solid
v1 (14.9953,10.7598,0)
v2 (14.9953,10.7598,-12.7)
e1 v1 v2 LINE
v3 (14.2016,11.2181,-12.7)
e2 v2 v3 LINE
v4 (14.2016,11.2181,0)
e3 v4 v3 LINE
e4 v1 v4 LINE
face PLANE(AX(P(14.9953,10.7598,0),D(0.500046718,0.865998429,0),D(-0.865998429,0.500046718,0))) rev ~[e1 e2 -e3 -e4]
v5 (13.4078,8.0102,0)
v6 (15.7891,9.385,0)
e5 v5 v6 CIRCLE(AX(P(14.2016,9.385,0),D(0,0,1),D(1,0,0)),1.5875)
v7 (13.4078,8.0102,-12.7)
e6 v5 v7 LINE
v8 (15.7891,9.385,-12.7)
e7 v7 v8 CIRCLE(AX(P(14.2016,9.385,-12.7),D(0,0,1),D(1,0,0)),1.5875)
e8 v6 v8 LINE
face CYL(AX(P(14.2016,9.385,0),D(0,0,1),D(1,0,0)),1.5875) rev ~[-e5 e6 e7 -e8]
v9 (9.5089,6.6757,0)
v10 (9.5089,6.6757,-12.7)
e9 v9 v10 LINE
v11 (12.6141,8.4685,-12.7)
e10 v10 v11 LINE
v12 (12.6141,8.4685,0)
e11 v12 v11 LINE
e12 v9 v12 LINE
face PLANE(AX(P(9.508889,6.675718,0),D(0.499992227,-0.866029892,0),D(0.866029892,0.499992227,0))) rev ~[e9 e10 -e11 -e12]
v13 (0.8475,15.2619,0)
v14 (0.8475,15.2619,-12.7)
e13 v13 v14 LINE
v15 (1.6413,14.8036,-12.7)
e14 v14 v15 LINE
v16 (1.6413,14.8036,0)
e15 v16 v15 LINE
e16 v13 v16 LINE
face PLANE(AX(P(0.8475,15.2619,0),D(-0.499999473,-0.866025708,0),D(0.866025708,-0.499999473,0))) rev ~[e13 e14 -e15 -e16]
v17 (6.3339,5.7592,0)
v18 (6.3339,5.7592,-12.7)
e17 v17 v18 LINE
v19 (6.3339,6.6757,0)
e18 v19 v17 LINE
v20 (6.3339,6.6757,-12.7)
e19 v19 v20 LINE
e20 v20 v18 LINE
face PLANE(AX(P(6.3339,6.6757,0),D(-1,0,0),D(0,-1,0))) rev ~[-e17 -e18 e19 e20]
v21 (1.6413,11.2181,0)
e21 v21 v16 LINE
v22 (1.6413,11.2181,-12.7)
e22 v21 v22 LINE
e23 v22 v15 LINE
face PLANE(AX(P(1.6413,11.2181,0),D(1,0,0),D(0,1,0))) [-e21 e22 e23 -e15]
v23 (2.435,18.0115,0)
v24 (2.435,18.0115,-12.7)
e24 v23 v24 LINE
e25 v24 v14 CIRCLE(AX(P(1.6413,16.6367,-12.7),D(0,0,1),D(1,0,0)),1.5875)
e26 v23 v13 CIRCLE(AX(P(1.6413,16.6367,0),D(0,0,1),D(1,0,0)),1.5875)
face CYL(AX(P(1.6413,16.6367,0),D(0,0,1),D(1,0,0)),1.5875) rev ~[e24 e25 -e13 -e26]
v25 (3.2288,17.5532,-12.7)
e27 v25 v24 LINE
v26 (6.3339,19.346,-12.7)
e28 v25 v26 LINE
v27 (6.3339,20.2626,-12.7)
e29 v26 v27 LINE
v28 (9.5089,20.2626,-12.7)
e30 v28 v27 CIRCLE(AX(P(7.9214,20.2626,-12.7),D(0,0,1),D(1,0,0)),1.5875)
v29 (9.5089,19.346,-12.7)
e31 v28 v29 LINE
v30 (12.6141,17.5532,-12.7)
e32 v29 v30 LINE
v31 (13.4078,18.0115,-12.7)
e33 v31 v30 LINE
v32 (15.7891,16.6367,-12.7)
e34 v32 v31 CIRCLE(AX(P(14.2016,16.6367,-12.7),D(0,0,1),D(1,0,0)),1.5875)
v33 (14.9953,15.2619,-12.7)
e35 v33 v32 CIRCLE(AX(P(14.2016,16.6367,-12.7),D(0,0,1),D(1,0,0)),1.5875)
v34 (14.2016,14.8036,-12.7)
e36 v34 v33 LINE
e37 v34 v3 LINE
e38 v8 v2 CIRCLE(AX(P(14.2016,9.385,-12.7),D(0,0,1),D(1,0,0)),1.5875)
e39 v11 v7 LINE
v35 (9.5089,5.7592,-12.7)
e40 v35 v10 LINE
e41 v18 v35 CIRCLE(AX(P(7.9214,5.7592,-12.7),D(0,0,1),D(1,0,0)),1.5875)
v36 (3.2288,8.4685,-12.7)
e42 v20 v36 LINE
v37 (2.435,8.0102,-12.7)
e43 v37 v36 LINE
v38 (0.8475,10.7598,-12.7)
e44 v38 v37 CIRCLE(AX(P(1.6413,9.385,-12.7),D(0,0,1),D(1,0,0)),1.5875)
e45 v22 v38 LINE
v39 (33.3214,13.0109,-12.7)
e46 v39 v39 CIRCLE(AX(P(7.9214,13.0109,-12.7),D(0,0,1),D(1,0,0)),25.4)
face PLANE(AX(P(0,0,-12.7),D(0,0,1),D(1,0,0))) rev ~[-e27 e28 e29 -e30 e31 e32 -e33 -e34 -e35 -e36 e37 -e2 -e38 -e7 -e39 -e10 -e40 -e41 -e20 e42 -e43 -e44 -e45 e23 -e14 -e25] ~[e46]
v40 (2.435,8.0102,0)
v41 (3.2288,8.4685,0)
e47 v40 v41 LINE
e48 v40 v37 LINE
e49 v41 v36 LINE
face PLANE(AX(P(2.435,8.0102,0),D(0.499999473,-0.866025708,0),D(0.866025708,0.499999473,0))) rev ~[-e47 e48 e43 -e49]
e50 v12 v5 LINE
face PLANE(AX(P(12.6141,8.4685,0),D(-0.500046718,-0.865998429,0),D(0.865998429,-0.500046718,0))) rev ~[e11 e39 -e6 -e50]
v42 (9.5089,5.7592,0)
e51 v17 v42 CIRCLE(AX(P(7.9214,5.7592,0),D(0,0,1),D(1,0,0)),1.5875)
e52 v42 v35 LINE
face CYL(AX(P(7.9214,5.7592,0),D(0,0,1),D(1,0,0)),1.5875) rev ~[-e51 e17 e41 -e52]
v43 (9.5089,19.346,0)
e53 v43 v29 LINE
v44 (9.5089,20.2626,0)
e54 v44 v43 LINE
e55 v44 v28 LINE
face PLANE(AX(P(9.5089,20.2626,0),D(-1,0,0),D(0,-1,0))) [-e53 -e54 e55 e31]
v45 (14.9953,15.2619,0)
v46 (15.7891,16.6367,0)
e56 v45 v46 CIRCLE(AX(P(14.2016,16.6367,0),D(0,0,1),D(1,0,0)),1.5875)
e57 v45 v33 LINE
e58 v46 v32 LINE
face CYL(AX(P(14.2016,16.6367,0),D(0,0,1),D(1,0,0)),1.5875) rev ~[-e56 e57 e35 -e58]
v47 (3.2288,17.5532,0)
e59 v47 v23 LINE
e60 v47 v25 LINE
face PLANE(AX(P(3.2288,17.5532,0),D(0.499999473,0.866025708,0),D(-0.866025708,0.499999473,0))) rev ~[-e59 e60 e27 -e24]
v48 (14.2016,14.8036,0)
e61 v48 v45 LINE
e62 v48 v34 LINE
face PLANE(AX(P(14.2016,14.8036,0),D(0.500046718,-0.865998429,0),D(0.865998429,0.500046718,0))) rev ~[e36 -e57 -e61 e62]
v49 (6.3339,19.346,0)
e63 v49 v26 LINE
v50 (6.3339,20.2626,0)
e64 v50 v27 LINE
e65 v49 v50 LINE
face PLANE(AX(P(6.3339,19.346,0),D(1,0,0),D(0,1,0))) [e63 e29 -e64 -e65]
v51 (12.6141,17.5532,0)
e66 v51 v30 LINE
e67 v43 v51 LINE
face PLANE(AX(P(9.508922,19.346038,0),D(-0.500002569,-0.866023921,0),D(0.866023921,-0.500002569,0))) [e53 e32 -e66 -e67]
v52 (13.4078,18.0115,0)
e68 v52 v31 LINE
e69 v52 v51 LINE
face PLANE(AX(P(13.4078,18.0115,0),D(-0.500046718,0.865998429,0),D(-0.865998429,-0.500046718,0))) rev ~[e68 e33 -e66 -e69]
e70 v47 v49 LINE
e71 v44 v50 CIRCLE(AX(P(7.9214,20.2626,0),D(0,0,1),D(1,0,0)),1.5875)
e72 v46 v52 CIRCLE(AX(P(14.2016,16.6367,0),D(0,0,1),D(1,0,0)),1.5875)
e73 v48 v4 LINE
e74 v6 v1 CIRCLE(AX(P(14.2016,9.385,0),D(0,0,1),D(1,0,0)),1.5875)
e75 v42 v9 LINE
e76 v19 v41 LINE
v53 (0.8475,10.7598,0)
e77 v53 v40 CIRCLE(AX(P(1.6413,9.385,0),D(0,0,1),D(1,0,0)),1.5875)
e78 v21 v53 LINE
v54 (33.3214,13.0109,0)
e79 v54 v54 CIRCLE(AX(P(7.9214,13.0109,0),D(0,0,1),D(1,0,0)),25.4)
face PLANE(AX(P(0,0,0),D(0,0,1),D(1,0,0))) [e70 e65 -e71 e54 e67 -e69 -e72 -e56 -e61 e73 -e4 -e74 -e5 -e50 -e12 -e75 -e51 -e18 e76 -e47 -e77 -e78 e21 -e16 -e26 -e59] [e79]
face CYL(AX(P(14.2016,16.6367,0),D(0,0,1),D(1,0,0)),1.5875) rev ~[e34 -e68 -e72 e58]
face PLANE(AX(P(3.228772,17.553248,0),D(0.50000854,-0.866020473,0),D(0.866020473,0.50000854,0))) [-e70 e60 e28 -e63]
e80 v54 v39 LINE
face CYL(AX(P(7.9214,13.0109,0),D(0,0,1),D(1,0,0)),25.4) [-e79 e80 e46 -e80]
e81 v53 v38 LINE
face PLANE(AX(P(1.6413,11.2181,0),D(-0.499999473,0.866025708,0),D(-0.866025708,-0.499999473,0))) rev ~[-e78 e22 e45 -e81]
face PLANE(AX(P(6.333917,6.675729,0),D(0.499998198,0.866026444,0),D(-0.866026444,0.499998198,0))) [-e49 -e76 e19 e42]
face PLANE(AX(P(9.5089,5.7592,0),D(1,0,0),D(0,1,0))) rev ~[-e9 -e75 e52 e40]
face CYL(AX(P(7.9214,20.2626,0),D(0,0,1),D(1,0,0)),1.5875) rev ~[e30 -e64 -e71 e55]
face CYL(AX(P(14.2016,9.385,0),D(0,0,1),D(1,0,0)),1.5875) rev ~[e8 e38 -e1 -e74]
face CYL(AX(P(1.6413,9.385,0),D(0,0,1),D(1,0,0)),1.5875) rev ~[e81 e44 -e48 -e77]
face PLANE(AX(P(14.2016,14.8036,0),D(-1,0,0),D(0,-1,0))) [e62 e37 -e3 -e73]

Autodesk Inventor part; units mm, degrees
ref_plane "YZ Plane" through (0, 0, 0) normal (1, 0, 0) x (0, 1, 0)
ref_plane "XZ Plane" through (0, 0, 0) normal (0, 1, 0) x (-1, 0, 0)
ref_plane "XY Plane" through (0, 0, 0) normal (0, 0, 1) x (1, 0, 0)
sketch "Sketch1" plane through (0, 0, 0) normal (0, 0, 1) x (1, 0, 0)
  line L0 (7.9214, 13.0109) -> (7.9214, 20.2626) construction
  line L1 (7.9214, 13.0109) -> (14.2016, 16.6367) construction
  circle A0 centre (7.9214, 13.0109) radius 6.35 construction
  line L2 (7.9214, 13.0109) -> (14.2016, 9.385) construction
  line L3 (7.9214, 13.0109) -> (7.9214, 5.7592) construction
  line L4 (7.9214, 13.0109) -> (1.6413, 9.385) construction
  line L5 (7.9214, 13.0109) -> (1.6413, 16.6367) construction
  line L6 (7.9214, 20.2626) -> (14.2016, 16.6367)
  line L7 (14.2016, 16.6367) -> (14.2016, 9.385)
  line L8 (7.9214, 5.7592) -> (14.2016, 9.385)
  line L9 (7.9214, 5.7592) -> (1.6413, 9.385)
  line L10 (1.6413, 9.385) -> (1.6413, 16.6367)
  line L11 (1.6413, 16.6367) -> (7.9214, 20.2626)
  circle A1 centre (7.9214, 13.0109) radius 25.4
  circle A2 centre (7.9214, 20.2626) radius 1.5875
  circle A3 centre (14.2016, 16.6367) radius 1.5875
  circle A4 centre (14.2016, 9.385) radius 1.5875
  circle A5 centre (7.9214, 5.7592) radius 1.5875
  circle A6 centre (1.6413, 9.385) radius 1.5875
  circle A7 centre (1.6413, 16.6367) radius 1.5875
  line L12 (6.3339, 20.2626) -> (9.5089, 20.2626)
  line L13 (9.5089, 20.2626) -> (9.5089, 19.346)
  line L14 (9.5089, 19.346) -> (6.3339, 19.346)
  line L15 (6.3339, 19.346) -> (6.3339, 20.2626)
  line L16 (12.6141, 8.4685) -> (13.4078, 8.0102)
  line L17 (13.4078, 8.0102) -> (14.9953, 10.7598)
  line L18 (14.9953, 10.7598) -> (14.2016, 11.2181)
  line L19 (14.2016, 11.2181) -> (12.6141, 8.4685)
  line L20 (6.3339, 6.6757) -> (6.3339, 5.7592)
  line L21 (6.3339, 5.7592) -> (9.5089, 5.7592)
  line L22 (9.5089, 5.7592) -> (9.5089, 6.6757)
  line L23 (9.5089, 6.6757) -> (6.3339, 6.6757)
  line L24 (1.6413, 11.2181) -> (0.8475, 10.7598)
  line L25 (0.8475, 10.7598) -> (2.435, 8.0102)
  line L26 (2.435, 8.0102) -> (3.2288, 8.4685)
  line L27 (3.2288, 8.4685) -> (1.6413, 11.2181)
  line L28 (3.2288, 17.5532) -> (2.435, 18.0115)
  line L29 (2.435, 18.0115) -> (0.8475, 15.2619)
  line L30 (0.8475, 15.2619) -> (1.6413, 14.8036)
  line L31 (1.6413, 14.8036) -> (3.2288, 17.5532)
  line L32 (14.2016, 14.8036) -> (14.9953, 15.2619)
  line L33 (14.9953, 15.2619) -> (13.4078, 18.0115)
  line L34 (13.4078, 18.0115) -> (12.6141, 17.5532)
  line L35 (12.6141, 17.5532) -> (14.2016, 14.8036)
  dimension "d9" = 3.175
  dimension "d11" = 3.175
  dimension "d0" = 7.2517
  dimension "d1" = 12.7
  dimension "d2" = 60
  dimension "d3" = 60
  dimension "d4" = 60
  dimension "d5" = 60
  dimension "d6" = 60
  dimension "d7" = 3.175
  dimension "d8" = 3.175
  dimension "d10" = 3.175
  dimension "d12" = 3.175
  dimension "d13" = 50.8
  dimension "d14" = 0.9165
  dimension "d16" = 0.9165
  dimension "d17" = 0.9165
  dimension "d18" = 0.9165
  dimension "d19" = 0.9165
  dimension "d20" = 0.9165
extrude "Extrusion1" add sketch "Sketch1" against normal blind 12.7
equation "\"d9\" = d7"
equation "\"d11\" = d7"
equation "\"d8\" = d7"
equation "\"d10\" = d7"
equation "\"d12\" = d7"
properties part number "augmented gear"
